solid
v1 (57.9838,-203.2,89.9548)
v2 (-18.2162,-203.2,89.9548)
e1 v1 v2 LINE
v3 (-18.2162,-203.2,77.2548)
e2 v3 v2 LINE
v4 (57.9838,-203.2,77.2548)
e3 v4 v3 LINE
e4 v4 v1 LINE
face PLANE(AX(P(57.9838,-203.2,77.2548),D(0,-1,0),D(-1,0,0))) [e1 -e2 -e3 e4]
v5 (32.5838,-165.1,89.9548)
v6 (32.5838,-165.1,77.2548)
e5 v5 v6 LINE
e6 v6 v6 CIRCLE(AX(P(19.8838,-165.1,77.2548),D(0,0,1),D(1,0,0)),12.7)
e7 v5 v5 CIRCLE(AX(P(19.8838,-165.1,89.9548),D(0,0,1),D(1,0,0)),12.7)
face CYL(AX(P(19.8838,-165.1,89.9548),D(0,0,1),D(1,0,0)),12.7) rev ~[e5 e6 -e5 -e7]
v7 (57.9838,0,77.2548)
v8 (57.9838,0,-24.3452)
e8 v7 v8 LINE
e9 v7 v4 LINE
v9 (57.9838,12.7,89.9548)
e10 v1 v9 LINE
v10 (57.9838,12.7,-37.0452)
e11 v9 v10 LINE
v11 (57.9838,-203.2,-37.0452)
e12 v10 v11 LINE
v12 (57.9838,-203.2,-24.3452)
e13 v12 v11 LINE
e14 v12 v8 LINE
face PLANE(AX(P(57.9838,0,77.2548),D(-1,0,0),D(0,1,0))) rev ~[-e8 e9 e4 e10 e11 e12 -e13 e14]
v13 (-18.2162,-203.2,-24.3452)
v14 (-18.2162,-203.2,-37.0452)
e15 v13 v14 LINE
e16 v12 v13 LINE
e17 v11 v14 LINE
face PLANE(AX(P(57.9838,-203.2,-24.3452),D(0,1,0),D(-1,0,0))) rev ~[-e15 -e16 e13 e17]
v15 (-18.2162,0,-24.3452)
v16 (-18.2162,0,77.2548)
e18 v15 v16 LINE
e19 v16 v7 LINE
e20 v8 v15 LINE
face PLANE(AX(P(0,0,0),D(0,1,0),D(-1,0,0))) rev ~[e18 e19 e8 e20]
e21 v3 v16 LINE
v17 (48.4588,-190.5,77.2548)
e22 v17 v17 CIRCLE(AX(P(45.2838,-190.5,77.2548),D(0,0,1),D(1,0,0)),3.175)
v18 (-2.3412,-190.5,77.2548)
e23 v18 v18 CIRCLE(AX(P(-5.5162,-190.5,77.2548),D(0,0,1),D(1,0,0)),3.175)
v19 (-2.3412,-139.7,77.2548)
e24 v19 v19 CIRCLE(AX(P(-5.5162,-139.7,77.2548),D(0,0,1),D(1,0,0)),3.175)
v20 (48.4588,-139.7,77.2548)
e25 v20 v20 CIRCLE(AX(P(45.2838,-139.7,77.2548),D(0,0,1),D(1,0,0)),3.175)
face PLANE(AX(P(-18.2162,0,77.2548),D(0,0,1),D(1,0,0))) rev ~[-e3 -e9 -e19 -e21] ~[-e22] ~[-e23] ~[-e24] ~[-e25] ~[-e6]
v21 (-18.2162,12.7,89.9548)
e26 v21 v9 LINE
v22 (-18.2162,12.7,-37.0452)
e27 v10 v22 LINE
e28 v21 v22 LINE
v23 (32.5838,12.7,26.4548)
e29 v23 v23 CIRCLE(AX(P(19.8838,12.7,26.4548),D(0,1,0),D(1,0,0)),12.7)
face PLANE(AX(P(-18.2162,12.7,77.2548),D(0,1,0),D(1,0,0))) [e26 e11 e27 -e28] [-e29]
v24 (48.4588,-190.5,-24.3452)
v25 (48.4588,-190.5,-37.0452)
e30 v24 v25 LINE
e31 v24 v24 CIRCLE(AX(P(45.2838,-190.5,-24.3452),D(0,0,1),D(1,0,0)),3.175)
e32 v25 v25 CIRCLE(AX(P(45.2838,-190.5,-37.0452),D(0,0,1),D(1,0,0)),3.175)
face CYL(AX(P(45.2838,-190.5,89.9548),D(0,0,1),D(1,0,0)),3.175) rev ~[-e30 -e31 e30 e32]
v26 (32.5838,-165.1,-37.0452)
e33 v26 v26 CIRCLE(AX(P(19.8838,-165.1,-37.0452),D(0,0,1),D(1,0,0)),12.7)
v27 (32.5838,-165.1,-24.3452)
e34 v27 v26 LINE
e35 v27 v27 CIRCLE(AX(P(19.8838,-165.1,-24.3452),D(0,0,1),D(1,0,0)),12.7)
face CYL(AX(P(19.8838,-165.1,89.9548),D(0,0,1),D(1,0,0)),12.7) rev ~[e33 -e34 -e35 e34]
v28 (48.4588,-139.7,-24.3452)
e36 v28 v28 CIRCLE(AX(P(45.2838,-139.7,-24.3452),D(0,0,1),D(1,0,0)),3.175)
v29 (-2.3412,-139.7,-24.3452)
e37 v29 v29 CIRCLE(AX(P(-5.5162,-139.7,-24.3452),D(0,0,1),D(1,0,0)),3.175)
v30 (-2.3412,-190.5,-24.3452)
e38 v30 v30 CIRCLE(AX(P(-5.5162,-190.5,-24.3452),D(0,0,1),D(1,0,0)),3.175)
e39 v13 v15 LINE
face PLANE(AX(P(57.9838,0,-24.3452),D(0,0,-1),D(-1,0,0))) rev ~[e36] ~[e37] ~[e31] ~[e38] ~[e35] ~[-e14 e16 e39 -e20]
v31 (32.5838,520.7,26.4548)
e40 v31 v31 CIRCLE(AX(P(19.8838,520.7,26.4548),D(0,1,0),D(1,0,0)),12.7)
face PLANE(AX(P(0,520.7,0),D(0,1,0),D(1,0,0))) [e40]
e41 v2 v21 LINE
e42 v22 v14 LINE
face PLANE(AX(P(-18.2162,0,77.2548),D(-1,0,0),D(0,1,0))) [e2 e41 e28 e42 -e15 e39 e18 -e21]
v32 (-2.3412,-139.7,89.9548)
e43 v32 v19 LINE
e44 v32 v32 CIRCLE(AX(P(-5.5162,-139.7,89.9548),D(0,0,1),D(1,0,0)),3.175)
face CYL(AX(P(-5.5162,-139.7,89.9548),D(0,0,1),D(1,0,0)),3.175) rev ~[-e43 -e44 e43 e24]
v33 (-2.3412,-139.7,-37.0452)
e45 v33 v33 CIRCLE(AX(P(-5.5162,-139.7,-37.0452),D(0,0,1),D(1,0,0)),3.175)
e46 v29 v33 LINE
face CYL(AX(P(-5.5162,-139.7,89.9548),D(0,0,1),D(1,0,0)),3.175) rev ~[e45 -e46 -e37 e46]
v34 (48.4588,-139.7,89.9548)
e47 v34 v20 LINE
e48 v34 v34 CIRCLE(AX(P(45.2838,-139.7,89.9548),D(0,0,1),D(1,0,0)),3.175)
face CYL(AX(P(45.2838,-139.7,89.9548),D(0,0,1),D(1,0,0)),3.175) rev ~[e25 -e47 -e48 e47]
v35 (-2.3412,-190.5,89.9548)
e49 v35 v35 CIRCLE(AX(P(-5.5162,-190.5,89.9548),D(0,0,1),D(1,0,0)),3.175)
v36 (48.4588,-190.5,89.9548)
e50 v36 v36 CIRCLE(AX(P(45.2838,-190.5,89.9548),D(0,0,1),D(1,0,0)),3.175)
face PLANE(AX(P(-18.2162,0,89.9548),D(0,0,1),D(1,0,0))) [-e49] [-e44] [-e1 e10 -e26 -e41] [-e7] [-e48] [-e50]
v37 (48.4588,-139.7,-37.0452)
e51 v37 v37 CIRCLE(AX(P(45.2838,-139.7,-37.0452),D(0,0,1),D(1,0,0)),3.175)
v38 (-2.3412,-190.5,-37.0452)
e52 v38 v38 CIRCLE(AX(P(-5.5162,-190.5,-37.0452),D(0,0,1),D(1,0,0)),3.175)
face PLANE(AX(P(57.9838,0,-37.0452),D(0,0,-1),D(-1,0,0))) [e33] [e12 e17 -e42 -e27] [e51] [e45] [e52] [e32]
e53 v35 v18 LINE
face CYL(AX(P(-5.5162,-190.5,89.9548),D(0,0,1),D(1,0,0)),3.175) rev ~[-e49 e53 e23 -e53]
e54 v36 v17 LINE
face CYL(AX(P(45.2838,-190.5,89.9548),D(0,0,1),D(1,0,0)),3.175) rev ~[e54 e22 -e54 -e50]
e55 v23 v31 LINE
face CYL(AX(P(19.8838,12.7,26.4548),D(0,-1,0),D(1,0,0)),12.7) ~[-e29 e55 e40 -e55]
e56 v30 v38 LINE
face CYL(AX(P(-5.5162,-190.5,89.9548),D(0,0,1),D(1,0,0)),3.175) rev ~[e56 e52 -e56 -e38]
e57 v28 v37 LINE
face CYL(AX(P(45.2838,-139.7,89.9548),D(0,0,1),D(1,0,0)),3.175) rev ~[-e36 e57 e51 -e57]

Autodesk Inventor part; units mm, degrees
ref_plane "YZ Plane" through (0, 0, 0) normal (1, 0, 0) x (0, 1, 0)
ref_plane "XZ Plane" through (0, 0, 0) normal (0, 1, 0) x (-1, 0, 0)
ref_plane "XY Plane" through (0, 0, 0) normal (0, 0, 1) x (1, 0, 0)
sketch "Sketch1" plane through (0, 0, 0) normal (0, 1, 0) x (-1, 0, 0)
  line L0 (18.2162, 77.2548) -> (-57.9838, 77.2548)
  line L1 (-57.9838, 77.2548) -> (-57.9838, -24.3452)
  line L2 (-57.9838, -24.3452) -> (18.2162, -24.3452)
  line L3 (18.2162, -24.3452) -> (18.2162, 77.2548)
  point P0 (0, 0)
  dimension "d0" = 101.6
  dimension "d1" = 76.2
extrude "Extrusion1" add sketch "Sketch1" along normal blind 12.7
sketch "Sketch2" plane through (57.9838, 0, -24.3452) normal (0, 0, -1) x (-1, 0, 0)
  line L0 (0, 0) -> (0, -203.2)
  line L1 (0, -203.2) -> (76.2, -203.2)
  line L2 (0, 0) -> (76.2, 0) projected
  line L3 (76.2, -203.2) -> (76.2, 0)
  line L4 (0, 12.7) -> (76.2, 12.7) projected
  line L5 (0, 0) -> (0, 12.7)
  line L6 (0, 12.7) -> (76.2, 12.7)
  line L7 (76.2, 12.7) -> (76.2, 0)
  point P0 (57.9838, 0)
  dimension "d4" = 90
  dimension "d5" = 203.2
extrude "Extrusion2" add sketch "Sketch2" along normal blind 12.7
sketch "Sketch3" plane through (-18.2162, 0, 77.2548) normal (0, 0, 1) x (1, 0, 0)
  line L0 (0, 0) -> (0, 12.7) projected
  line L1 (0, 0) -> (0, 12.7)
  line L2 (76.2, 0) -> (76.2, 12.7) projected
  line L3 (0, 12.7) -> (76.2, 12.7)
  line L4 (76.2, 12.7) -> (76.2, 0)
  line L5 (76.2, 0) -> (76.2, -203.2) projected
  line L6 (76.2, 0) -> (76.2, -203.2)
  line L7 (76.2, -203.2) -> (0, -203.2) projected
  line L8 (76.2, -203.2) -> (0, -203.2)
  line L9 (0, -203.2) -> (0, 0)
  point P0 (18.2162, 0)
extrude "Extrusion3" add sketch "Sketch3" along normal blind 12.7
sketch "Sketch4" plane through (0, 12.7, 0) normal (0, 1, 0) x (1, 0, 0)
  line L0 (-18.2162, -77.2548) -> (57.9838, -77.2548) construction
  line L1 (-18.2162, 24.3452) -> (-18.2162, -77.2548) construction
  line L2 (57.9838, -77.2548) -> (-18.2162, -77.2548) construction
  line L3 (-18.2162, -77.2548) -> (-18.2162, 24.3452) construction
  line L4 (-18.2162, 24.3452) -> (57.9838, 24.3452) construction
  line L5 (57.9838, 24.3452) -> (57.9838, -77.2548) construction
  line L6 (57.9838, 24.3452) -> (-18.2162, 24.3452) construction
  line L7 (-18.2162, -26.4548) -> (19.8838, -26.4548) construction
  line L8 (19.8838, -26.4548) -> (19.8838, 24.3452) construction
  line L9 (19.8838, 24.3452) -> (-18.2162, 24.3452) construction
  line L10 (-18.2162, 24.3452) -> (-18.2162, -26.4548) construction
  circle A0 centre (19.8838, -26.4548) radius 12.7
  dimension "d27" = 25.4
extrude "Extrusion4" add sketch "Sketch4" along normal blind 508
sketch "Sketch6" plane through (-18.2162, 0, 89.9548) normal (0, 0, 1) x (1, 0, 0)
  line L0 (0, -203.2) -> (76.2, -203.2) construction
  line L1 (38.1, -203.2) -> (76.2, -203.2) construction
  line L2 (76.2, -203.2) -> (76.2, -165.1) construction
  line L3 (76.2, -165.1) -> (38.1, -165.1) construction
  line L4 (38.1, -165.1) -> (38.1, -203.2) construction
  circle A0 centre (38.1, -165.1) radius 12.7
  point P0 (18.2162, 0)
  dimension "d28" = 25.4
extrude "Extrusion6" cut sketch "Sketch6" against normal through all
sketch "Sketch7" plane through (-18.2162, 0, 89.9548) normal (0, 0, 1) x (1, 0, 0)
  circle A0 centre (38.1, -165.1) radius 12.7 construction
  circle A1 centre (38.1, -165.1) radius 157.48 construction
  line L0 (38.1, -322.58) -> (38.1, -203.2) construction
  line L1 (0, -203.2) -> (76.2, -203.2) construction
  line L2 (0, 0) -> (0, -203.2) construction
  line L3 (0, -203.2) -> (38.1, -165.1) construction
  line L4 (76.2, -203.2) -> (76.2, 0) construction
  line L5 (38.1, -165.1) -> (76.2, -203.2) construction
  line L6 (38.1, -165.1) -> (0, -127) construction
  line L7 (38.1, -165.1) -> (76.2, -127) construction
  line L8 (12.7, -139.7) -> (63.5, -139.7) construction
  line L9 (63.5, -139.7) -> (63.5, -190.5) construction
  line L10 (63.5, -190.5) -> (12.7, -190.5) construction
  line L11 (12.7, -190.5) -> (12.7, -139.7) construction
  circle A2 centre (12.7, -139.7) radius 3.175
  circle A3 centre (63.5, -139.7) radius 3.175
  circle A4 centre (63.5, -190.5) radius 3.175
  circle A5 centre (12.7, -190.5) radius 3.175
  point P0 (18.2162, 0)
  dimension "d31" = 314.96
  dimension "d32" = 119.38
  dimension "d33" = 50.8
  dimension "d34" = 6.35
extrude "Extrusion7" cut sketch "Sketch7" against normal through all
properties part number "Big Wheel Mount"
